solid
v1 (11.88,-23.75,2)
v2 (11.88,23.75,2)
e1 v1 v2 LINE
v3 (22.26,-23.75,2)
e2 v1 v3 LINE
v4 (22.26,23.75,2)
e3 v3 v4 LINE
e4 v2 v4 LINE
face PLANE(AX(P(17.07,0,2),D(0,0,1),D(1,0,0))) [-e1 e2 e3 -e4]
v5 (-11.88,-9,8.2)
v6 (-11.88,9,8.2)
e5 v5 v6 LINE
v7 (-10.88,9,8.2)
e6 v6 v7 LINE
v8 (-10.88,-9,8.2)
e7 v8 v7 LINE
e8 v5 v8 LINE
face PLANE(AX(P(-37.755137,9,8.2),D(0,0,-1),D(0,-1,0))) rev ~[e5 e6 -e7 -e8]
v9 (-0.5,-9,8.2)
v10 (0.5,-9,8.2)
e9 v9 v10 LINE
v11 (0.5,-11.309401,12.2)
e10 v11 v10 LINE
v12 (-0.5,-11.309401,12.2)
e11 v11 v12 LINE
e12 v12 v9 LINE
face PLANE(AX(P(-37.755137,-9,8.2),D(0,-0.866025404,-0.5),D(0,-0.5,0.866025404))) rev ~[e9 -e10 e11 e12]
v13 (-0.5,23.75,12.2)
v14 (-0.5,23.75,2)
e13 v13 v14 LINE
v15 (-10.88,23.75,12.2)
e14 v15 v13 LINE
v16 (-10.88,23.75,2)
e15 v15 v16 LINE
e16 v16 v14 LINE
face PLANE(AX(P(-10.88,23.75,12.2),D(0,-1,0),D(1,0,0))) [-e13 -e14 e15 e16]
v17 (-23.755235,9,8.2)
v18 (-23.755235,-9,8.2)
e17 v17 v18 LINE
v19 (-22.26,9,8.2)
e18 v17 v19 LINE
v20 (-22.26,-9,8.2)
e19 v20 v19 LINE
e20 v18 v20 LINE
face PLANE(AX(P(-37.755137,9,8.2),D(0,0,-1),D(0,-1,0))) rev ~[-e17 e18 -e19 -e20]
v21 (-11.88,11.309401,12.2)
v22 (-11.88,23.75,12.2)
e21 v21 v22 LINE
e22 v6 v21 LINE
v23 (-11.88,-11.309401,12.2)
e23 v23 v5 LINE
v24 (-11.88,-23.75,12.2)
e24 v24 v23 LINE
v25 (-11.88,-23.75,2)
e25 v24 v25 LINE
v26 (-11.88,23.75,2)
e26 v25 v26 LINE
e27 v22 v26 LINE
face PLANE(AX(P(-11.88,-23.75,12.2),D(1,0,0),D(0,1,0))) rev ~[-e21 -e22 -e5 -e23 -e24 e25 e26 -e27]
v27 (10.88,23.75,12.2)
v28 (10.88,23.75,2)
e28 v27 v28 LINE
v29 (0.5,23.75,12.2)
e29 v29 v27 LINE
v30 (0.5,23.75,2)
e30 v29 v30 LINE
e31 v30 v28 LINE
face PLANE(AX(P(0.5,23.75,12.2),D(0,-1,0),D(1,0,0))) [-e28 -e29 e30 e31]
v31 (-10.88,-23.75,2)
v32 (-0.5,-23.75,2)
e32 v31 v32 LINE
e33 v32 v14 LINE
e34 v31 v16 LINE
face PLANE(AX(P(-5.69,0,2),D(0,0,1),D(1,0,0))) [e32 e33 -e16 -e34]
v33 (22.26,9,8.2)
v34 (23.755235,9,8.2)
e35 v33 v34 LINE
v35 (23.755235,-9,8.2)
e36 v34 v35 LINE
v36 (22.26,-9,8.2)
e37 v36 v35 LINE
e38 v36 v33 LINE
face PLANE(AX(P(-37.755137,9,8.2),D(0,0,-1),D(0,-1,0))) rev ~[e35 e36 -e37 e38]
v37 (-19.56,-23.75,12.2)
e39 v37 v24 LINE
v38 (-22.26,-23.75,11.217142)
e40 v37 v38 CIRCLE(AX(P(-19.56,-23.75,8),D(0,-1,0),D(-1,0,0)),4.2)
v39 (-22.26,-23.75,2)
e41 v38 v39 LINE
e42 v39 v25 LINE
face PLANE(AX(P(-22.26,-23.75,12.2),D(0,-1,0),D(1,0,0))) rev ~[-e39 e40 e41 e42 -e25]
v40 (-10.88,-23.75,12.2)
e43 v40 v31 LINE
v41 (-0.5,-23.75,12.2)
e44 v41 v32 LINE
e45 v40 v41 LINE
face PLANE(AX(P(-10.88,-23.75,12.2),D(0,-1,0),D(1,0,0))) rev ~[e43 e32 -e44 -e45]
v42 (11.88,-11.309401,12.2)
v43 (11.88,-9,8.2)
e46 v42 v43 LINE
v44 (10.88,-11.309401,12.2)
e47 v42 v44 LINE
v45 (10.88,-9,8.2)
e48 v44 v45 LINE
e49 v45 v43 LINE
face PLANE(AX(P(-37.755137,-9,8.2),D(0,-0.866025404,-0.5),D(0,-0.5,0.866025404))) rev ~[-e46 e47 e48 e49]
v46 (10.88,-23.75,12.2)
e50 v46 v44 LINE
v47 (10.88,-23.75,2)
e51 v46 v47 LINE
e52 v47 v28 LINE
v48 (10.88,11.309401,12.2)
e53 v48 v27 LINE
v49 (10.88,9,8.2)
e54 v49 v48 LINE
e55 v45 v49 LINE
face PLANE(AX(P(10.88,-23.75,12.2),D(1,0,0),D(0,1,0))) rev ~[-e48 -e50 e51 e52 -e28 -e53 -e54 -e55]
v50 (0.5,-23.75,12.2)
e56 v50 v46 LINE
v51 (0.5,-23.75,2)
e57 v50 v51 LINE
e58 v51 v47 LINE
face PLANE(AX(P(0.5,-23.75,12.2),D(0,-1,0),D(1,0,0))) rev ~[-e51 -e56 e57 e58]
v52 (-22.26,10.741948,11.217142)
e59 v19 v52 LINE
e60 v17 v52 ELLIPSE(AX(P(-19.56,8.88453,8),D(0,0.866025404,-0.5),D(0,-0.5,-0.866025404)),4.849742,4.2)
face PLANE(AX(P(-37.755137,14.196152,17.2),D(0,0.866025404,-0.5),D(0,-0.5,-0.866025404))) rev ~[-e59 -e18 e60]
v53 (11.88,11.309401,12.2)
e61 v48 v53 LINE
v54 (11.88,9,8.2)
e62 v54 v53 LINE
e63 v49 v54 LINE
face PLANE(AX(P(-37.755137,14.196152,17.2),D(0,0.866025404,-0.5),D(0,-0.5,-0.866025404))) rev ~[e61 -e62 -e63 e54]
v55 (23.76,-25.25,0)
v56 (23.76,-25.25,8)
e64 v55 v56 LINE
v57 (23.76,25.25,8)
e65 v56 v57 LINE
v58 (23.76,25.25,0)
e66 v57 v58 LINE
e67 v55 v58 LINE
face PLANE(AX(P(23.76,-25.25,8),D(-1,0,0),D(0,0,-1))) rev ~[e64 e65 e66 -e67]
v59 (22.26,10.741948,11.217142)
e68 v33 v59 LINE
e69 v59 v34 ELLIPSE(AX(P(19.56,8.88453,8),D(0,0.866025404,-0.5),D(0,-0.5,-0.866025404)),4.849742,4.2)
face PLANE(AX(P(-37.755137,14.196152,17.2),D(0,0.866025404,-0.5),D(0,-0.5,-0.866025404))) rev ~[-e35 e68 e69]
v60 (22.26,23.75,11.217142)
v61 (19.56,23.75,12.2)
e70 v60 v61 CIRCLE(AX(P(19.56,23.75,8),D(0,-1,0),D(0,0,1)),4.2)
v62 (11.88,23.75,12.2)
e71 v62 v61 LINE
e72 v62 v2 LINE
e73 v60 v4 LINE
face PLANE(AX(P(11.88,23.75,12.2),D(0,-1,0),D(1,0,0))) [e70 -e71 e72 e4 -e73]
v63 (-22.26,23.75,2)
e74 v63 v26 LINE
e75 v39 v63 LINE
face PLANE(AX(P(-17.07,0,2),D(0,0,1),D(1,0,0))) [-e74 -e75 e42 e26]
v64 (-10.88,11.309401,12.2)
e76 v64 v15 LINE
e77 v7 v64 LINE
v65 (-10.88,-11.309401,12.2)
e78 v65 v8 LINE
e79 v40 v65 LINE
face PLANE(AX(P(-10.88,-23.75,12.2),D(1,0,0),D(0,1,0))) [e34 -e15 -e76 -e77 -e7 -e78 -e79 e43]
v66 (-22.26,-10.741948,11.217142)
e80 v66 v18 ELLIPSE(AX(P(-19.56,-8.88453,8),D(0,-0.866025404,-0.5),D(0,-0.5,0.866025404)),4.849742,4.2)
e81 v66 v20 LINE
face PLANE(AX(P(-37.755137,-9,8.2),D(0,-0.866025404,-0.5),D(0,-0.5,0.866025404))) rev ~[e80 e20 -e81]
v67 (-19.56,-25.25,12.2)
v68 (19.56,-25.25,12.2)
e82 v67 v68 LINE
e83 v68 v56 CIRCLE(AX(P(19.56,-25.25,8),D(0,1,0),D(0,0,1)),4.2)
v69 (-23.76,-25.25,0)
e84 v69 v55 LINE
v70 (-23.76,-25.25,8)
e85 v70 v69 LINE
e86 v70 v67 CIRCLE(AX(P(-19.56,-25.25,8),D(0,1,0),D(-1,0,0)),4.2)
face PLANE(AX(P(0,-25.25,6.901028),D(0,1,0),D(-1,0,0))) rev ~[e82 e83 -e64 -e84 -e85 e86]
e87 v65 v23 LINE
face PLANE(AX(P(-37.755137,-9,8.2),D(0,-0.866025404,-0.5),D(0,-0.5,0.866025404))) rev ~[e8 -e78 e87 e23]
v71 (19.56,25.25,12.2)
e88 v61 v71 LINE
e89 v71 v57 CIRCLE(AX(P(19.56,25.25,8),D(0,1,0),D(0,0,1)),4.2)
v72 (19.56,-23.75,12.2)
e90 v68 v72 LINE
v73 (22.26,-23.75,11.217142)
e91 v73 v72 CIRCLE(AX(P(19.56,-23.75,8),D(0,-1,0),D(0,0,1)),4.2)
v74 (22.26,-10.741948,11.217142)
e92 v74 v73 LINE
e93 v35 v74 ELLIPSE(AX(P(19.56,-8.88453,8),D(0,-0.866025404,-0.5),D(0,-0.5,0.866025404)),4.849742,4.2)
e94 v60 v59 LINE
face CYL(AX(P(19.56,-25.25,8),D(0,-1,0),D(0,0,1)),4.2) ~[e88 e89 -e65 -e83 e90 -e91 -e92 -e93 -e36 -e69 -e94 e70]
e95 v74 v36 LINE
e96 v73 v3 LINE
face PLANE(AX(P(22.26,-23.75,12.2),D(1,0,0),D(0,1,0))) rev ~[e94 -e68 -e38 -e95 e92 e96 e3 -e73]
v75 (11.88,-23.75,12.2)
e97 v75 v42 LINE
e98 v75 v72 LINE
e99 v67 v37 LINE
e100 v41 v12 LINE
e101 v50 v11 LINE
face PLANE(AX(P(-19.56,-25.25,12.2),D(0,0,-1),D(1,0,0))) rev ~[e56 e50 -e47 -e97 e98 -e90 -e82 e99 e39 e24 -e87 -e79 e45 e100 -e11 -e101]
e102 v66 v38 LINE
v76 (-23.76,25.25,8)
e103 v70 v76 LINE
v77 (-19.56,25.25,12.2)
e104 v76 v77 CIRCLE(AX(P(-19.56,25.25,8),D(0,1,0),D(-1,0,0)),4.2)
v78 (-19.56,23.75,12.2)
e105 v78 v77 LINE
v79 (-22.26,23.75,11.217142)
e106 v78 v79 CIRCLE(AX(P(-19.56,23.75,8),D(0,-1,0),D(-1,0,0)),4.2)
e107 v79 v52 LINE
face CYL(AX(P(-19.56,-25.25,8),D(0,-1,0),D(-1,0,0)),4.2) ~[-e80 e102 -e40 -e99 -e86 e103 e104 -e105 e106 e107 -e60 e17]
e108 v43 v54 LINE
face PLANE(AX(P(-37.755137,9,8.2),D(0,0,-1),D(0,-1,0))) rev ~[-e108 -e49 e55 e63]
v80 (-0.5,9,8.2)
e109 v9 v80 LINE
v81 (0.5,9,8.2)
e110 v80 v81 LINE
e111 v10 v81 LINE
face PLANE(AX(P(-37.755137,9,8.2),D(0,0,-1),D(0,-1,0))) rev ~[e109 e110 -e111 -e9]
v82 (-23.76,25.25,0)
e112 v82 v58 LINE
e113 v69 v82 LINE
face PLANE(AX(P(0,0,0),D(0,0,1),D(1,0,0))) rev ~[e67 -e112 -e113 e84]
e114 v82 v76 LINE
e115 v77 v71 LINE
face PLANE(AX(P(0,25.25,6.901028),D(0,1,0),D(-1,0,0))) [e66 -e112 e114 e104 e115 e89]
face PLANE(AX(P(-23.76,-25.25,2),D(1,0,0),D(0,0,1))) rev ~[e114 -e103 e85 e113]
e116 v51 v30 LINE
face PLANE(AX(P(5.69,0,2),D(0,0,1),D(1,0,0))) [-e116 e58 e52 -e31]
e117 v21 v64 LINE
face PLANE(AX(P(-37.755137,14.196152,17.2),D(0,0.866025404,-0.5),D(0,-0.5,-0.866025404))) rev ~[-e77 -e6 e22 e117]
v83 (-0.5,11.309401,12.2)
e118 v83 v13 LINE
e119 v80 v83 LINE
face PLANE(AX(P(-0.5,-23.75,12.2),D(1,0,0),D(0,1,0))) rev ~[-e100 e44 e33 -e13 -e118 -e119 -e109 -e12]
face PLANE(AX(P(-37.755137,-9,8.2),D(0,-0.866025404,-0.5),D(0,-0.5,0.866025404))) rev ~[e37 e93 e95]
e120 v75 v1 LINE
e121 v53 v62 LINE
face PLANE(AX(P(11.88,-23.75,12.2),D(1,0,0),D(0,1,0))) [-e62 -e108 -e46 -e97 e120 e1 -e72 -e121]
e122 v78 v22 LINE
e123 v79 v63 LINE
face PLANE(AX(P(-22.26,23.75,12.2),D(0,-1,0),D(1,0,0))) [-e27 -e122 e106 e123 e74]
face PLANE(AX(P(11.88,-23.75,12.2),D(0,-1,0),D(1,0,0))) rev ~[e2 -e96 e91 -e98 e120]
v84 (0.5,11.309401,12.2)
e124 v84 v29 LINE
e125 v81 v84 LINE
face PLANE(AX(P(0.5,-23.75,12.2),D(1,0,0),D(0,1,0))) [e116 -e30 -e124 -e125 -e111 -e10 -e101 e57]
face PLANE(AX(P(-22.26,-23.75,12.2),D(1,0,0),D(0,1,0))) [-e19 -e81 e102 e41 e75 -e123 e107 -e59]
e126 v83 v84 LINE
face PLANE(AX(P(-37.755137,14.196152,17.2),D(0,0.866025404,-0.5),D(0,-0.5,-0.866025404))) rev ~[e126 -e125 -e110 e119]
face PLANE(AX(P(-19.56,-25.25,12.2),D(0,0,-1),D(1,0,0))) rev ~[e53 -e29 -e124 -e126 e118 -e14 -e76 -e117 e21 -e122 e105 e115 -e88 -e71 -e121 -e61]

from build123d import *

# Parameters (mm, degrees)
SKETCH1_W               = 47.52
SKETCH1_H               = 50.5
BOSS_EXTRUDE1_DEPTH     = 2
BOSS_EXTRUDE2_DEPTH     = 50.5
SKETCH3_W               = 10.38
SKETCH3_H               = 47.5
CUT_EXTRUDE1_DEPTH      = 10.2
CUT_EXTRUDE2_DEPTH      = 37.755137056
CUT_EXTRUDE2_DEPTH_BACK = 37.755137056


with BuildPart() as part:
    # Sketch1 → Boss-Extrude1 (new body)
    with BuildSketch(Plane.XY):
        Rectangle(SKETCH1_W, SKETCH1_H)
    extrude(amount=BOSS_EXTRUDE1_DEPTH)

    # Sketch2 → Boss-Extrude2 (add)
    with BuildSketch(Plane.XZ.offset(25.25)):
        with BuildLine():
            Line((-19.56, 12.2), (19.56, 12.2))
            ThreePointArc((19.56, 12.2), (22.529848481, 10.969848481), (23.76, 8))
            Line((23.76, 8), (23.76, 2))
            Line((23.76, 2), (-23.76, 2))
            Line((-23.76, 2), (-23.76, 8))
            ThreePointArc((-23.76, 8), (-22.529848481, 10.969848481), (-19.56, 12.2))
        make_face()
    extrude(amount=-BOSS_EXTRUDE2_DEPTH)

    # Sketch3 → Cut-Extrude1 (cut)
    with BuildSketch(Plane.XY.offset(12.2)):
        with Locations((-17.07, 0)):
            Rectangle(SKETCH3_W, SKETCH3_H)
        with Locations((-5.69, 0)):
            Rectangle(SKETCH3_W, SKETCH3_H)
        with Locations((5.69, 0)):
            Rectangle(SKETCH3_W, SKETCH3_H)
        with Locations((17.07, 0)):
            Rectangle(SKETCH3_W, SKETCH3_H)
    extrude(amount=-CUT_EXTRUDE1_DEPTH, mode=Mode.SUBTRACT)

    # Sketch4 → Cut-Extrude2 (cut, two sides: drawn at the far end of the back side and taken through both)
    with BuildSketch(Plane(origin=(0, 0, 0), x_dir=(0, 0, -1), z_dir=(1, 0, 0)).offset(-CUT_EXTRUDE2_DEPTH_BACK)):
        Polygon((-17.2, -14.196152423), (-17.2, 14.196152423), (-8.2, 9), (-8.2, -9), align=None)
    extrude(amount=CUT_EXTRUDE2_DEPTH + CUT_EXTRUDE2_DEPTH_BACK, mode=Mode.SUBTRACT)


solid = part.part
